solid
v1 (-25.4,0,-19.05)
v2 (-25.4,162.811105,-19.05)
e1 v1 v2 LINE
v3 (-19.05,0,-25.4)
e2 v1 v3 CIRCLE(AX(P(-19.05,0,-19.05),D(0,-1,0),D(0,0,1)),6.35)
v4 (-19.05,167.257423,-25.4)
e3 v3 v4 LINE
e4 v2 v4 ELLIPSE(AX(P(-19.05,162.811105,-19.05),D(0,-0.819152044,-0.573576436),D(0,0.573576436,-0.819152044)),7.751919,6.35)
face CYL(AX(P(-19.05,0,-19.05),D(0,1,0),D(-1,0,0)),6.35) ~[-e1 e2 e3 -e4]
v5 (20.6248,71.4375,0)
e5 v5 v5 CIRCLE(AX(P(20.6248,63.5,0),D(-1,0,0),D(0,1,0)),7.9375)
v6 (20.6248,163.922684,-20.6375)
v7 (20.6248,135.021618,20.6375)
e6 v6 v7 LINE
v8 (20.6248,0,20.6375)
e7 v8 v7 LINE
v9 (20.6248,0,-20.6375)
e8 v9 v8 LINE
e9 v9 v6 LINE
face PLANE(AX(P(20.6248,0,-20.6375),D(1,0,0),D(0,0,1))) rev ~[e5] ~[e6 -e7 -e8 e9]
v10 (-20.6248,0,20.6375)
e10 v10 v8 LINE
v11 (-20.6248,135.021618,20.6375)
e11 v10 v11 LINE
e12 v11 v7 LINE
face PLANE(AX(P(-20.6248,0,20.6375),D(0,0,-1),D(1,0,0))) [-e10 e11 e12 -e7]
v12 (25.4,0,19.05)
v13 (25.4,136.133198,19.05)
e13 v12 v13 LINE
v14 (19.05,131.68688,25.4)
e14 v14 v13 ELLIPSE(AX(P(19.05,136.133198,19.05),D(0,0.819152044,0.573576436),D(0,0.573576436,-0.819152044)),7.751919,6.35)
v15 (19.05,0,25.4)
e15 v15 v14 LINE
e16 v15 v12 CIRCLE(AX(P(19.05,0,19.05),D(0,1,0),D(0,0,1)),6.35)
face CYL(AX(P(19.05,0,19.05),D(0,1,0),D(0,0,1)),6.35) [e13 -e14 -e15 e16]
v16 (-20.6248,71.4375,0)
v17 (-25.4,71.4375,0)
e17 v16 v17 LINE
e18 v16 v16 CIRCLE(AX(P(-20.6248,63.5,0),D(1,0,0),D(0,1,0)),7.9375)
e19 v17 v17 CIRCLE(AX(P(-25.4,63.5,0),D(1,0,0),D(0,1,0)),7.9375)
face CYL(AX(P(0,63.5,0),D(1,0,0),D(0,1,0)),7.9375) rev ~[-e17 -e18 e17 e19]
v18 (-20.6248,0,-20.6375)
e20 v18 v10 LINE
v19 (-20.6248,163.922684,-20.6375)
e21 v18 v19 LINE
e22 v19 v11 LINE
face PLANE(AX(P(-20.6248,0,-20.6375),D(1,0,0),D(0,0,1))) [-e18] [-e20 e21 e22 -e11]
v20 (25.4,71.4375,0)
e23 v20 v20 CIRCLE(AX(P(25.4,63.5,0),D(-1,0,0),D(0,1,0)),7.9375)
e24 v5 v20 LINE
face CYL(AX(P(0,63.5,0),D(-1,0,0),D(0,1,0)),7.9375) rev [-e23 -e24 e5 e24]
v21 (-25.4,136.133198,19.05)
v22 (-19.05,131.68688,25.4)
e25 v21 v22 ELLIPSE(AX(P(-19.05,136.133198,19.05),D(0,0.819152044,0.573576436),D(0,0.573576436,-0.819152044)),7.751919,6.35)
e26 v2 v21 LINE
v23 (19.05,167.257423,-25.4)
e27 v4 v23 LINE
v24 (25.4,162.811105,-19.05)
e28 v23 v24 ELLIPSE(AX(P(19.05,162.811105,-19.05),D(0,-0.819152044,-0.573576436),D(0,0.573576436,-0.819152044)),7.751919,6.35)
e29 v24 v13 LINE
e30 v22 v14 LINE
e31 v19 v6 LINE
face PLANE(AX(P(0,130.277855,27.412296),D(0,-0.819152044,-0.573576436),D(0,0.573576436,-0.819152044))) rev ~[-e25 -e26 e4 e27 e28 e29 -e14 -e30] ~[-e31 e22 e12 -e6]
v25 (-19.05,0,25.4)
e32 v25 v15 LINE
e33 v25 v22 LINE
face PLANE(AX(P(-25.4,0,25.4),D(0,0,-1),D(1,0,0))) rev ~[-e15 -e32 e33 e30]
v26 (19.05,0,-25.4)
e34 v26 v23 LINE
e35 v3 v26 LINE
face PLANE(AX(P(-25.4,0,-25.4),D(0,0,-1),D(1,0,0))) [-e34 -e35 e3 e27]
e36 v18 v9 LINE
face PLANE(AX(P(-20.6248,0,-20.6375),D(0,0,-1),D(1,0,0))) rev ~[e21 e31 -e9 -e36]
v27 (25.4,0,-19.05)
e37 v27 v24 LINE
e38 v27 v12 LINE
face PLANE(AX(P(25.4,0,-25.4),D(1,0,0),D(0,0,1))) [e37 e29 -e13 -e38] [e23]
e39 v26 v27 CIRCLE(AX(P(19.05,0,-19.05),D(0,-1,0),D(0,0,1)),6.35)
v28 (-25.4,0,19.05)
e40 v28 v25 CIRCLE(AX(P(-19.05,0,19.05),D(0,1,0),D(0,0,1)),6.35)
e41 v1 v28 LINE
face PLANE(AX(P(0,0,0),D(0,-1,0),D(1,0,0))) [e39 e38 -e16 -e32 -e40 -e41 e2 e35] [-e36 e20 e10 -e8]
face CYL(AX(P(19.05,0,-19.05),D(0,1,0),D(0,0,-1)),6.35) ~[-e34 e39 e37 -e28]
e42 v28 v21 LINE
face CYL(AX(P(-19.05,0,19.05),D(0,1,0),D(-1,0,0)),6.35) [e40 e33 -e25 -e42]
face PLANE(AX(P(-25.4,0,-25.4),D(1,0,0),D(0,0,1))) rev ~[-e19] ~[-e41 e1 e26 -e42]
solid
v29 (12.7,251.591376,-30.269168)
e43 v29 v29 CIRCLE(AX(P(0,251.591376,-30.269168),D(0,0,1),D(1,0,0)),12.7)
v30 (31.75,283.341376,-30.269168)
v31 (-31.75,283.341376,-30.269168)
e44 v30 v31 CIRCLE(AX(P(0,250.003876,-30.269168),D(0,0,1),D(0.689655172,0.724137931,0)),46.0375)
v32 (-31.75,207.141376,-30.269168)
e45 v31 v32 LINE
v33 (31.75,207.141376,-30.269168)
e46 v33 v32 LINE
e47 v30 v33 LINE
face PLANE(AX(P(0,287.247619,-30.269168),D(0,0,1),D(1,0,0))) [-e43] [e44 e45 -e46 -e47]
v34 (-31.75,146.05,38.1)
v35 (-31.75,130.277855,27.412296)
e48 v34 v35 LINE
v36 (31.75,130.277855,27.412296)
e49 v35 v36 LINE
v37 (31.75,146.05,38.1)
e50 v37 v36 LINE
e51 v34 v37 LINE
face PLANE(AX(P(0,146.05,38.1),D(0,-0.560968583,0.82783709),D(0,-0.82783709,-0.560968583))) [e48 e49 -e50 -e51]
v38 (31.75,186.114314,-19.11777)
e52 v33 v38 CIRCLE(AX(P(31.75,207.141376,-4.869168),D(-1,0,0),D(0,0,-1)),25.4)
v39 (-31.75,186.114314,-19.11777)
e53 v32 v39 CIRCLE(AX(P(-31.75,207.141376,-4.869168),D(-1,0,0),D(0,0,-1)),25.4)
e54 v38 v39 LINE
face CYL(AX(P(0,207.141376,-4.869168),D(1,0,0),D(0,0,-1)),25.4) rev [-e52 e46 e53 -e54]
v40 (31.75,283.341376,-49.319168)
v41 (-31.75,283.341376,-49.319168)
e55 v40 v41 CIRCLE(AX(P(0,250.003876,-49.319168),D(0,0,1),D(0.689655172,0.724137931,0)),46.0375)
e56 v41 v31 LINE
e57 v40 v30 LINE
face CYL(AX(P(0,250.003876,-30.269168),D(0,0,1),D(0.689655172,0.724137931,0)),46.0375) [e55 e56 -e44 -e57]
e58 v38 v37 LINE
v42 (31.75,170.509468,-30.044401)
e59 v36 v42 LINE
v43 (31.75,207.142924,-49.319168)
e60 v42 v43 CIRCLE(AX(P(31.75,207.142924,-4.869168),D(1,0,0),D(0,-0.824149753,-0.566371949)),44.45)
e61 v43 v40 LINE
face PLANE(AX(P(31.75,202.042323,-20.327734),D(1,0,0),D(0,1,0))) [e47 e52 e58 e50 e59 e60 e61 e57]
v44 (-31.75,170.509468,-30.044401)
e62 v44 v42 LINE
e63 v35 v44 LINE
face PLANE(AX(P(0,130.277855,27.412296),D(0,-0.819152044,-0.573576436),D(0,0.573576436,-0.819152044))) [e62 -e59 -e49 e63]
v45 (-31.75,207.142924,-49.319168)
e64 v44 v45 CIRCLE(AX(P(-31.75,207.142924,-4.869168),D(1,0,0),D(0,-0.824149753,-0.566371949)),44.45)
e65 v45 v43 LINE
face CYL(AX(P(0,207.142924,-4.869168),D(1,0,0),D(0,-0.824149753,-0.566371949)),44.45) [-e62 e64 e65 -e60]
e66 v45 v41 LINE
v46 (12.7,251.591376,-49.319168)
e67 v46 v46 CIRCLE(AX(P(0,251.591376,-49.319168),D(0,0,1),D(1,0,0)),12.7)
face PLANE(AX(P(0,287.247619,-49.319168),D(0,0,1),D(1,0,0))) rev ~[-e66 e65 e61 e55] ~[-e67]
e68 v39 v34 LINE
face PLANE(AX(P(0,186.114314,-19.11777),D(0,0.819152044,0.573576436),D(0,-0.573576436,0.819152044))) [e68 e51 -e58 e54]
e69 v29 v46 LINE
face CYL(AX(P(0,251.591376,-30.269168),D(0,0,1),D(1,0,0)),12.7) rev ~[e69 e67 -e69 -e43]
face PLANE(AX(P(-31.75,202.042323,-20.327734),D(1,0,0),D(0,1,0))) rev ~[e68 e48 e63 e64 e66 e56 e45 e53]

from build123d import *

# Parameters (mm, degrees)
F2_DEPTH      = 31.75
F0_W          = 50.8
F0_H          = 50.8
F0_W_2        = 41.2496
F0_H_2        = 41.275
F5_R          = 7.9375
F6_DEPTH      = 31.751
F6_DEPTH_BACK = 31.751
F7_R          = 12.7
F8_DEPTH      = 19.051
F10_DEPTH     = 19.05
F11_R         = 6.35


with BuildPart() as f2:
    # F1 (on Right) → F2 (new body, symmetric)
    with BuildSketch(Plane.YZ):
        with BuildLine():
            Line((186.1143140791, -19.1177702936), (146.05, 38.1))
            Line((146.05, 38.1), (130.2778550255, 27.4122959508))
            Line((130.2778550255, 27.4122959508), (170.5094676354, -30.0444014061))
            ThreePointArc((170.5094676354, -30.0444014061), (186.4455404184, -44.2064382145), (207.1429241575, -49.3191682742))
            Line((207.1429241575, -49.3191682742), (283.3413761776, -49.3191682742))
            Line((283.3413761776, -49.3191682742), (283.3413761776, -30.2691682742))
            Line((283.3413761776, -30.2691682742), (207.1413761776, -30.2691682742))
            ThreePointArc((207.1413761776, -30.2691682742), (195.2408402925, -27.3088038695), (186.1143140791, -19.1177702936))
        make_face()
    extrude(amount=F2_DEPTH, both=True)


with BuildPart() as f3:
    # F0 (on Front) → F3 (new body, up to the next surface of F2)
    with BuildSketch(Plane.XZ):
        Rectangle(F0_W, F0_H)
        Rectangle(F0_W_2, F0_H_2, mode=Mode.SUBTRACT)
    extrude(until=Until.NEXT, target=f2.part, dir=(0, 1, 0))

    # F5 (on Right) → F6 (cut, two sides)
    with BuildSketch(Plane.YZ) as f6_sk:
        with Locations((63.5, 0)):
            Circle(F5_R)
    extrude(amount=-F6_DEPTH, mode=Mode.SUBTRACT)
    extrude(f6_sk.sketch, amount=F6_DEPTH_BACK, mode=Mode.SUBTRACT)

    # F11
    f11_edges = [f3.edges().sort_by_distance(p)[0] for p in [
        (25.4, 65.84344, 25.4),
        (-25.4, 65.84344, 25.4),
        (-25.4, 83.628711, -25.4),
        (25.4, 83.628711, -25.4),
    ]]
    fillet(f11_edges, radius=F11_R)


with BuildPart() as f2_1:
    add(f2.part)

    # F7 (on face) → F8 (cut, through all)
    with BuildSketch(Plane.XY.offset(-30.2691682742)):
        with Locations((0, 251.5913761776)):
            Circle(F7_R)
    extrude(amount=-F8_DEPTH, mode=Mode.SUBTRACT)

    # F9 (on face) → F10 (join)
    with BuildSketch(Plane.XY.offset(-30.2691682742)):
        with BuildLine():
            Line((-31.75, 283.3413761776), (31.75, 283.3413761776))
            ThreePointArc((31.75, 283.3413761776), (0, 296.0413761776), (-31.75, 283.3413761776))
        make_face()
    extrude(amount=-F10_DEPTH)


solid = Compound([f3.part, f2_1.part])
